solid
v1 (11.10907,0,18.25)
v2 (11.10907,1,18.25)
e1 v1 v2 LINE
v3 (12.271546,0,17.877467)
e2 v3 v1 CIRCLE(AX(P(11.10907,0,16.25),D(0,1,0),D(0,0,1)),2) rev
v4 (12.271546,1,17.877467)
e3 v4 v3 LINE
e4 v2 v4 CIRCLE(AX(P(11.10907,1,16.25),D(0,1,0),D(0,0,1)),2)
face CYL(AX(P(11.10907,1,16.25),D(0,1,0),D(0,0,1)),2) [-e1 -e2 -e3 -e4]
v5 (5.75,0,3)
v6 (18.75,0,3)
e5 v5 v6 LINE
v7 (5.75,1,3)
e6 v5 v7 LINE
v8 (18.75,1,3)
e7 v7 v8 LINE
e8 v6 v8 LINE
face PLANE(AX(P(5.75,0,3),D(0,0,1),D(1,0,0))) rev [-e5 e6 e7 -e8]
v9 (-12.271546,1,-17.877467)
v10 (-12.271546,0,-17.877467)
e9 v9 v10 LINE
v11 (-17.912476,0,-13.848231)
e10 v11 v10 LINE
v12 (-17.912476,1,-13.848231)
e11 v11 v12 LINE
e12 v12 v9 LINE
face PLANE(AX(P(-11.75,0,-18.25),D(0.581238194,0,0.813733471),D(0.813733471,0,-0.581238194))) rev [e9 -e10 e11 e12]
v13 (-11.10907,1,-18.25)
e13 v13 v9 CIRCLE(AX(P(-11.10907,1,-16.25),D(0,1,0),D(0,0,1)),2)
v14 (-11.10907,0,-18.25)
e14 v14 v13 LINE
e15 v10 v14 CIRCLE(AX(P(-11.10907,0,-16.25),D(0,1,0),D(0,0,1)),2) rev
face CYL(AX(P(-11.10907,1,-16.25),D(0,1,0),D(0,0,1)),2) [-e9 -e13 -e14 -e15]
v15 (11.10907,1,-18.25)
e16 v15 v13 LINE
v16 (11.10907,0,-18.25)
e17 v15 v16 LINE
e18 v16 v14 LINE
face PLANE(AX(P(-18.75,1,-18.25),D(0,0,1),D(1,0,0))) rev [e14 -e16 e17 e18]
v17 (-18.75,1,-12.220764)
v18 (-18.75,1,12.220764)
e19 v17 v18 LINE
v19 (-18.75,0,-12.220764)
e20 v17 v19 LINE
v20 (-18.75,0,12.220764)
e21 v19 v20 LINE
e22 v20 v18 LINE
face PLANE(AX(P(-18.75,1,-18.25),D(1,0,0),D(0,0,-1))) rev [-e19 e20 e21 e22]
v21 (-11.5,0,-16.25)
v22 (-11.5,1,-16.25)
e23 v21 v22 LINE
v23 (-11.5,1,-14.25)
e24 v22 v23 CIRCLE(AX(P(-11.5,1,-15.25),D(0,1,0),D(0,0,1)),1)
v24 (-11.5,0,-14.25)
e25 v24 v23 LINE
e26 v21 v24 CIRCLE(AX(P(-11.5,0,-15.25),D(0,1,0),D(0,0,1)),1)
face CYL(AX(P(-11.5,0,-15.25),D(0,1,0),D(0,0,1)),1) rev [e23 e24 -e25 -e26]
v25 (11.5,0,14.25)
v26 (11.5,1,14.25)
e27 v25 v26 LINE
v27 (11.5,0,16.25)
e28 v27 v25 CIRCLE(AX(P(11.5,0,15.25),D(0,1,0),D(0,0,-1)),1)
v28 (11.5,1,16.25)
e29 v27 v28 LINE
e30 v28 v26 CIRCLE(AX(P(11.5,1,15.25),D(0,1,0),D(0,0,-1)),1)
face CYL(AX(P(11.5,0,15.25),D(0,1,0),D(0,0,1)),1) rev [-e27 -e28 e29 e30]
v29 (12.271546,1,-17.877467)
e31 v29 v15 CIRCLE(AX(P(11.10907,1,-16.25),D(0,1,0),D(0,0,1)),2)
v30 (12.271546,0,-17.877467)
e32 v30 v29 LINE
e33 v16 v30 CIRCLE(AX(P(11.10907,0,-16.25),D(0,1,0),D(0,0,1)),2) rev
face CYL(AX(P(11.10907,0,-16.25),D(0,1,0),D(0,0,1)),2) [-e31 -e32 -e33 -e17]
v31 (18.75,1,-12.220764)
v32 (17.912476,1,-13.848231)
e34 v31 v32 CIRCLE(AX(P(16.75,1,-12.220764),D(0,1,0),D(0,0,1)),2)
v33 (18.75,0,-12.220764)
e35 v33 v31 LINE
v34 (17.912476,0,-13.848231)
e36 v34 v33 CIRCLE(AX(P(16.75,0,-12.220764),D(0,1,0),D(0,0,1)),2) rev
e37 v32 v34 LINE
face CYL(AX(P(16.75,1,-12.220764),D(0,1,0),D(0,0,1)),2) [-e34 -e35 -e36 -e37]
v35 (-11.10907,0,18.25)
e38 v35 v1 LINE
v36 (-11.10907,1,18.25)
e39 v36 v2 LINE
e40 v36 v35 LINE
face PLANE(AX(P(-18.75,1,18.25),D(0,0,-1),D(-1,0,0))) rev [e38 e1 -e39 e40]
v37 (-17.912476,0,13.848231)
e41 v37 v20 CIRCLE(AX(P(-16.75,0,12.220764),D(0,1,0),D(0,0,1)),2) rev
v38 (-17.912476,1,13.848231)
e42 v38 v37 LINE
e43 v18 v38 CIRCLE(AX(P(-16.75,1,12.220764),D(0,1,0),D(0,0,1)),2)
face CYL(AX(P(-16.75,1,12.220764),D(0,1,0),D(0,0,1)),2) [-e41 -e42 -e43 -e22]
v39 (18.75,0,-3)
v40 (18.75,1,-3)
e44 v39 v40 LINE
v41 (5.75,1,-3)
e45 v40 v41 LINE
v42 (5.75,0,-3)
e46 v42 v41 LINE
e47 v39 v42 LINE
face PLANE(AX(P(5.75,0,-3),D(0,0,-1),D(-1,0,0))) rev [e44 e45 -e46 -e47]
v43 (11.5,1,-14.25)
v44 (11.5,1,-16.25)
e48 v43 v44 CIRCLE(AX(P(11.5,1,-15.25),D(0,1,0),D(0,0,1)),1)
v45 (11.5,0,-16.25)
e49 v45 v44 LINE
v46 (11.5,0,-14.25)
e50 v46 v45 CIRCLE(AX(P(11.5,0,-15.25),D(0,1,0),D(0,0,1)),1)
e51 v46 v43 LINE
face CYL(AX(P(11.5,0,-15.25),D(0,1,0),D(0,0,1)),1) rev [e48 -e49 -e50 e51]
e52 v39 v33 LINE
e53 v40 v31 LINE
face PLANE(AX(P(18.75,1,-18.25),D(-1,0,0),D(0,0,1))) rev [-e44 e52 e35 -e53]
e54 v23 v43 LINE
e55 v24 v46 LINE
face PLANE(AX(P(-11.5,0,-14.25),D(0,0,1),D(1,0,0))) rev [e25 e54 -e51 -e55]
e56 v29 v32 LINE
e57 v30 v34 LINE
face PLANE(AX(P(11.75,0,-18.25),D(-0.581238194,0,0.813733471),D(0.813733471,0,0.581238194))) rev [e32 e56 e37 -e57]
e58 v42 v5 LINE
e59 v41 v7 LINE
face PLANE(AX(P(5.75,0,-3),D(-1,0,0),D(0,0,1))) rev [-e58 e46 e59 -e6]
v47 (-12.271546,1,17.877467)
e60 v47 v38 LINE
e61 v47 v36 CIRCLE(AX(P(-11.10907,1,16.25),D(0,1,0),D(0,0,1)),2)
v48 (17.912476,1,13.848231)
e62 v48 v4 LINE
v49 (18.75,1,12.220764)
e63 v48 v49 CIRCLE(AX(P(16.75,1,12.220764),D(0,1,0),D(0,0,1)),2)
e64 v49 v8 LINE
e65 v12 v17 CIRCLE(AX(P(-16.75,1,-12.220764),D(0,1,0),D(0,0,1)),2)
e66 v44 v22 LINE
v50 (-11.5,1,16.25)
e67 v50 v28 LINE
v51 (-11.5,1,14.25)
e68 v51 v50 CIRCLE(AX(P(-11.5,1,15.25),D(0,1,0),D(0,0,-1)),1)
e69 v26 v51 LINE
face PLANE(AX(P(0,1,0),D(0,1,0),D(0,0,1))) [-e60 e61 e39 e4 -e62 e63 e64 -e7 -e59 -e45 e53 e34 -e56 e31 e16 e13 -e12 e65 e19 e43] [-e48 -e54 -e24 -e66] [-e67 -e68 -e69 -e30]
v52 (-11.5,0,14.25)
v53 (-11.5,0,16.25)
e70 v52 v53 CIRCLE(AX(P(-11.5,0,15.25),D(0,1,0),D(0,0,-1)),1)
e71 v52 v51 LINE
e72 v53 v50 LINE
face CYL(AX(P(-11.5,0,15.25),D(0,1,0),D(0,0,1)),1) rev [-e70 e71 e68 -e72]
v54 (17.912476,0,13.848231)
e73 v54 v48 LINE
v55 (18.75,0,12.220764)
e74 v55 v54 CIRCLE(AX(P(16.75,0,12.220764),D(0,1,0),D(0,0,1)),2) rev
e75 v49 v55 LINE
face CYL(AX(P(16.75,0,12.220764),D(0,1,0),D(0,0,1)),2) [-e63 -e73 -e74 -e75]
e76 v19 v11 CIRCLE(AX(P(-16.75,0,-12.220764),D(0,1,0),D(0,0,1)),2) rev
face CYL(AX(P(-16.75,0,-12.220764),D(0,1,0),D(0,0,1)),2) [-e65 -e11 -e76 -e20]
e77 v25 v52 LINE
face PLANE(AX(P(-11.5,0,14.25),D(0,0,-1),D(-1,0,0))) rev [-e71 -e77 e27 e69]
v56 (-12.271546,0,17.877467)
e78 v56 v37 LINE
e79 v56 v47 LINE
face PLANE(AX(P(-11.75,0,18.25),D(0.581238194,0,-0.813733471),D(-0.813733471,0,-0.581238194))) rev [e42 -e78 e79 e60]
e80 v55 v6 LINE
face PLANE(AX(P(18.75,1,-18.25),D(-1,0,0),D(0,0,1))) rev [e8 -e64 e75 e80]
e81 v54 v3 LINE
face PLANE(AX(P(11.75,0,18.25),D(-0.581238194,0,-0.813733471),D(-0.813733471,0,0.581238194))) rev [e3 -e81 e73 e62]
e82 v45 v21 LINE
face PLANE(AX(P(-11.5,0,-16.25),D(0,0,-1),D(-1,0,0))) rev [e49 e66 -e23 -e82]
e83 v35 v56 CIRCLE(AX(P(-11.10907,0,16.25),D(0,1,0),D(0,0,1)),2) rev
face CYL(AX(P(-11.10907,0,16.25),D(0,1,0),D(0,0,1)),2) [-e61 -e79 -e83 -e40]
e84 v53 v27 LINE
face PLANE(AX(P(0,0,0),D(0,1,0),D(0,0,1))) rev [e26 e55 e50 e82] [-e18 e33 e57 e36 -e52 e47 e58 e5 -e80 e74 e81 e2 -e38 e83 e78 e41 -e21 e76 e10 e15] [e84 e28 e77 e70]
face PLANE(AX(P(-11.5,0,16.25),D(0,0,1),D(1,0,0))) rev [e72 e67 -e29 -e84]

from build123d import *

# Parameters (mm, degrees)
SKETCH_1_W          = 37.5
SKETCH_1_H          = 36.5
EXTRUDE_1_DEPTH     = 1
CUT_EXTRUDE_1_DEPTH = 1
CUT_EXTRUDE_2_DEPTH = 1
FILLET_1_R          = 2
SKETCH_4_W          = 13
SKETCH_4_H          = 6
CUT_EXTRUDE_3_DEPTH = 1


with BuildPart() as part:
    # 草图1 → 凸台-拉伸1 (new body)
    with BuildSketch(Plane(origin=(0, 0, 0), x_dir=(1, 0, 0), z_dir=(0, 1, 0))):
        Rectangle(SKETCH_1_W, SKETCH_1_H)
    extrude(amount=EXTRUDE_1_DEPTH)

    # 草图2 → 切除-拉伸1 (cut)
    with BuildSketch(Plane(origin=(0, 1, 0), x_dir=(1, 0, 0), z_dir=(0, 1, 0))):
        Polygon((-11.75, 18.25), (-18.75, 13.25), (-18.75, 18.25), align=None)
        Polygon((18.75, 18.25), (11.75, 18.25), (18.75, 13.25), align=None)
        Polygon((11.75, -18.25), (18.75, -13.25), (18.75, -18.25), align=None)
        Polygon((-18.75, -18.25), (-11.75, -18.25), (-18.75, -13.25), align=None)
    extrude(amount=-CUT_EXTRUDE_1_DEPTH, mode=Mode.SUBTRACT)

    # 草图3 → 切除-拉伸2 (cut)
    with BuildSketch(Plane(origin=(0, 1, 0), x_dir=(1, 0, 0), z_dir=(0, 1, 0))):
        with BuildLine():
            Line((-11.5, 16.25), (11.5, 16.25))
            ThreePointArc((11.5, 16.25), (12.5, 15.25), (11.5, 14.25))
            Line((11.5, 14.25), (-11.5, 14.25))
            ThreePointArc((-11.5, 14.25), (-12.5, 15.25), (-11.5, 16.25))
        make_face()
        with BuildLine():
            Line((-11.5, -16.25), (11.5, -16.25))
            ThreePointArc((11.5, -16.25), (12.5, -15.25), (11.5, -14.25))
            Line((11.5, -14.25), (-11.5, -14.25))
            ThreePointArc((-11.5, -14.25), (-12.5, -15.25), (-11.5, -16.25))
        make_face()
    extrude(amount=-CUT_EXTRUDE_2_DEPTH, mode=Mode.SUBTRACT)

    # 圆角1
    fillet_1_edges = [part.edges().sort_by_distance(p)[0] for p in [
        (-18.75, 0.5, 13.25),
        (-11.75, 0.5, 18.25),
        (11.75, 0.5, 18.25),
        (18.75, 0.5, 13.25),
        (18.75, 0.5, -13.25),
        (11.75, 0.5, -18.25),
        (-11.75, 0.5, -18.25),
        (-18.75, 0.5, -13.25),
    ]]
    fillet(fillet_1_edges, radius=FILLET_1_R)

    # 草图4 → 切除-拉伸3 (cut)
    with BuildSketch(Plane(origin=(0, 1, 0), x_dir=(1, 0, 0), z_dir=(0, 1, 0))):
        with Locations((12.25, 0)):
            Rectangle(SKETCH_4_W, SKETCH_4_H)
    extrude(amount=-CUT_EXTRUDE_3_DEPTH, mode=Mode.SUBTRACT)


solid = part.part
